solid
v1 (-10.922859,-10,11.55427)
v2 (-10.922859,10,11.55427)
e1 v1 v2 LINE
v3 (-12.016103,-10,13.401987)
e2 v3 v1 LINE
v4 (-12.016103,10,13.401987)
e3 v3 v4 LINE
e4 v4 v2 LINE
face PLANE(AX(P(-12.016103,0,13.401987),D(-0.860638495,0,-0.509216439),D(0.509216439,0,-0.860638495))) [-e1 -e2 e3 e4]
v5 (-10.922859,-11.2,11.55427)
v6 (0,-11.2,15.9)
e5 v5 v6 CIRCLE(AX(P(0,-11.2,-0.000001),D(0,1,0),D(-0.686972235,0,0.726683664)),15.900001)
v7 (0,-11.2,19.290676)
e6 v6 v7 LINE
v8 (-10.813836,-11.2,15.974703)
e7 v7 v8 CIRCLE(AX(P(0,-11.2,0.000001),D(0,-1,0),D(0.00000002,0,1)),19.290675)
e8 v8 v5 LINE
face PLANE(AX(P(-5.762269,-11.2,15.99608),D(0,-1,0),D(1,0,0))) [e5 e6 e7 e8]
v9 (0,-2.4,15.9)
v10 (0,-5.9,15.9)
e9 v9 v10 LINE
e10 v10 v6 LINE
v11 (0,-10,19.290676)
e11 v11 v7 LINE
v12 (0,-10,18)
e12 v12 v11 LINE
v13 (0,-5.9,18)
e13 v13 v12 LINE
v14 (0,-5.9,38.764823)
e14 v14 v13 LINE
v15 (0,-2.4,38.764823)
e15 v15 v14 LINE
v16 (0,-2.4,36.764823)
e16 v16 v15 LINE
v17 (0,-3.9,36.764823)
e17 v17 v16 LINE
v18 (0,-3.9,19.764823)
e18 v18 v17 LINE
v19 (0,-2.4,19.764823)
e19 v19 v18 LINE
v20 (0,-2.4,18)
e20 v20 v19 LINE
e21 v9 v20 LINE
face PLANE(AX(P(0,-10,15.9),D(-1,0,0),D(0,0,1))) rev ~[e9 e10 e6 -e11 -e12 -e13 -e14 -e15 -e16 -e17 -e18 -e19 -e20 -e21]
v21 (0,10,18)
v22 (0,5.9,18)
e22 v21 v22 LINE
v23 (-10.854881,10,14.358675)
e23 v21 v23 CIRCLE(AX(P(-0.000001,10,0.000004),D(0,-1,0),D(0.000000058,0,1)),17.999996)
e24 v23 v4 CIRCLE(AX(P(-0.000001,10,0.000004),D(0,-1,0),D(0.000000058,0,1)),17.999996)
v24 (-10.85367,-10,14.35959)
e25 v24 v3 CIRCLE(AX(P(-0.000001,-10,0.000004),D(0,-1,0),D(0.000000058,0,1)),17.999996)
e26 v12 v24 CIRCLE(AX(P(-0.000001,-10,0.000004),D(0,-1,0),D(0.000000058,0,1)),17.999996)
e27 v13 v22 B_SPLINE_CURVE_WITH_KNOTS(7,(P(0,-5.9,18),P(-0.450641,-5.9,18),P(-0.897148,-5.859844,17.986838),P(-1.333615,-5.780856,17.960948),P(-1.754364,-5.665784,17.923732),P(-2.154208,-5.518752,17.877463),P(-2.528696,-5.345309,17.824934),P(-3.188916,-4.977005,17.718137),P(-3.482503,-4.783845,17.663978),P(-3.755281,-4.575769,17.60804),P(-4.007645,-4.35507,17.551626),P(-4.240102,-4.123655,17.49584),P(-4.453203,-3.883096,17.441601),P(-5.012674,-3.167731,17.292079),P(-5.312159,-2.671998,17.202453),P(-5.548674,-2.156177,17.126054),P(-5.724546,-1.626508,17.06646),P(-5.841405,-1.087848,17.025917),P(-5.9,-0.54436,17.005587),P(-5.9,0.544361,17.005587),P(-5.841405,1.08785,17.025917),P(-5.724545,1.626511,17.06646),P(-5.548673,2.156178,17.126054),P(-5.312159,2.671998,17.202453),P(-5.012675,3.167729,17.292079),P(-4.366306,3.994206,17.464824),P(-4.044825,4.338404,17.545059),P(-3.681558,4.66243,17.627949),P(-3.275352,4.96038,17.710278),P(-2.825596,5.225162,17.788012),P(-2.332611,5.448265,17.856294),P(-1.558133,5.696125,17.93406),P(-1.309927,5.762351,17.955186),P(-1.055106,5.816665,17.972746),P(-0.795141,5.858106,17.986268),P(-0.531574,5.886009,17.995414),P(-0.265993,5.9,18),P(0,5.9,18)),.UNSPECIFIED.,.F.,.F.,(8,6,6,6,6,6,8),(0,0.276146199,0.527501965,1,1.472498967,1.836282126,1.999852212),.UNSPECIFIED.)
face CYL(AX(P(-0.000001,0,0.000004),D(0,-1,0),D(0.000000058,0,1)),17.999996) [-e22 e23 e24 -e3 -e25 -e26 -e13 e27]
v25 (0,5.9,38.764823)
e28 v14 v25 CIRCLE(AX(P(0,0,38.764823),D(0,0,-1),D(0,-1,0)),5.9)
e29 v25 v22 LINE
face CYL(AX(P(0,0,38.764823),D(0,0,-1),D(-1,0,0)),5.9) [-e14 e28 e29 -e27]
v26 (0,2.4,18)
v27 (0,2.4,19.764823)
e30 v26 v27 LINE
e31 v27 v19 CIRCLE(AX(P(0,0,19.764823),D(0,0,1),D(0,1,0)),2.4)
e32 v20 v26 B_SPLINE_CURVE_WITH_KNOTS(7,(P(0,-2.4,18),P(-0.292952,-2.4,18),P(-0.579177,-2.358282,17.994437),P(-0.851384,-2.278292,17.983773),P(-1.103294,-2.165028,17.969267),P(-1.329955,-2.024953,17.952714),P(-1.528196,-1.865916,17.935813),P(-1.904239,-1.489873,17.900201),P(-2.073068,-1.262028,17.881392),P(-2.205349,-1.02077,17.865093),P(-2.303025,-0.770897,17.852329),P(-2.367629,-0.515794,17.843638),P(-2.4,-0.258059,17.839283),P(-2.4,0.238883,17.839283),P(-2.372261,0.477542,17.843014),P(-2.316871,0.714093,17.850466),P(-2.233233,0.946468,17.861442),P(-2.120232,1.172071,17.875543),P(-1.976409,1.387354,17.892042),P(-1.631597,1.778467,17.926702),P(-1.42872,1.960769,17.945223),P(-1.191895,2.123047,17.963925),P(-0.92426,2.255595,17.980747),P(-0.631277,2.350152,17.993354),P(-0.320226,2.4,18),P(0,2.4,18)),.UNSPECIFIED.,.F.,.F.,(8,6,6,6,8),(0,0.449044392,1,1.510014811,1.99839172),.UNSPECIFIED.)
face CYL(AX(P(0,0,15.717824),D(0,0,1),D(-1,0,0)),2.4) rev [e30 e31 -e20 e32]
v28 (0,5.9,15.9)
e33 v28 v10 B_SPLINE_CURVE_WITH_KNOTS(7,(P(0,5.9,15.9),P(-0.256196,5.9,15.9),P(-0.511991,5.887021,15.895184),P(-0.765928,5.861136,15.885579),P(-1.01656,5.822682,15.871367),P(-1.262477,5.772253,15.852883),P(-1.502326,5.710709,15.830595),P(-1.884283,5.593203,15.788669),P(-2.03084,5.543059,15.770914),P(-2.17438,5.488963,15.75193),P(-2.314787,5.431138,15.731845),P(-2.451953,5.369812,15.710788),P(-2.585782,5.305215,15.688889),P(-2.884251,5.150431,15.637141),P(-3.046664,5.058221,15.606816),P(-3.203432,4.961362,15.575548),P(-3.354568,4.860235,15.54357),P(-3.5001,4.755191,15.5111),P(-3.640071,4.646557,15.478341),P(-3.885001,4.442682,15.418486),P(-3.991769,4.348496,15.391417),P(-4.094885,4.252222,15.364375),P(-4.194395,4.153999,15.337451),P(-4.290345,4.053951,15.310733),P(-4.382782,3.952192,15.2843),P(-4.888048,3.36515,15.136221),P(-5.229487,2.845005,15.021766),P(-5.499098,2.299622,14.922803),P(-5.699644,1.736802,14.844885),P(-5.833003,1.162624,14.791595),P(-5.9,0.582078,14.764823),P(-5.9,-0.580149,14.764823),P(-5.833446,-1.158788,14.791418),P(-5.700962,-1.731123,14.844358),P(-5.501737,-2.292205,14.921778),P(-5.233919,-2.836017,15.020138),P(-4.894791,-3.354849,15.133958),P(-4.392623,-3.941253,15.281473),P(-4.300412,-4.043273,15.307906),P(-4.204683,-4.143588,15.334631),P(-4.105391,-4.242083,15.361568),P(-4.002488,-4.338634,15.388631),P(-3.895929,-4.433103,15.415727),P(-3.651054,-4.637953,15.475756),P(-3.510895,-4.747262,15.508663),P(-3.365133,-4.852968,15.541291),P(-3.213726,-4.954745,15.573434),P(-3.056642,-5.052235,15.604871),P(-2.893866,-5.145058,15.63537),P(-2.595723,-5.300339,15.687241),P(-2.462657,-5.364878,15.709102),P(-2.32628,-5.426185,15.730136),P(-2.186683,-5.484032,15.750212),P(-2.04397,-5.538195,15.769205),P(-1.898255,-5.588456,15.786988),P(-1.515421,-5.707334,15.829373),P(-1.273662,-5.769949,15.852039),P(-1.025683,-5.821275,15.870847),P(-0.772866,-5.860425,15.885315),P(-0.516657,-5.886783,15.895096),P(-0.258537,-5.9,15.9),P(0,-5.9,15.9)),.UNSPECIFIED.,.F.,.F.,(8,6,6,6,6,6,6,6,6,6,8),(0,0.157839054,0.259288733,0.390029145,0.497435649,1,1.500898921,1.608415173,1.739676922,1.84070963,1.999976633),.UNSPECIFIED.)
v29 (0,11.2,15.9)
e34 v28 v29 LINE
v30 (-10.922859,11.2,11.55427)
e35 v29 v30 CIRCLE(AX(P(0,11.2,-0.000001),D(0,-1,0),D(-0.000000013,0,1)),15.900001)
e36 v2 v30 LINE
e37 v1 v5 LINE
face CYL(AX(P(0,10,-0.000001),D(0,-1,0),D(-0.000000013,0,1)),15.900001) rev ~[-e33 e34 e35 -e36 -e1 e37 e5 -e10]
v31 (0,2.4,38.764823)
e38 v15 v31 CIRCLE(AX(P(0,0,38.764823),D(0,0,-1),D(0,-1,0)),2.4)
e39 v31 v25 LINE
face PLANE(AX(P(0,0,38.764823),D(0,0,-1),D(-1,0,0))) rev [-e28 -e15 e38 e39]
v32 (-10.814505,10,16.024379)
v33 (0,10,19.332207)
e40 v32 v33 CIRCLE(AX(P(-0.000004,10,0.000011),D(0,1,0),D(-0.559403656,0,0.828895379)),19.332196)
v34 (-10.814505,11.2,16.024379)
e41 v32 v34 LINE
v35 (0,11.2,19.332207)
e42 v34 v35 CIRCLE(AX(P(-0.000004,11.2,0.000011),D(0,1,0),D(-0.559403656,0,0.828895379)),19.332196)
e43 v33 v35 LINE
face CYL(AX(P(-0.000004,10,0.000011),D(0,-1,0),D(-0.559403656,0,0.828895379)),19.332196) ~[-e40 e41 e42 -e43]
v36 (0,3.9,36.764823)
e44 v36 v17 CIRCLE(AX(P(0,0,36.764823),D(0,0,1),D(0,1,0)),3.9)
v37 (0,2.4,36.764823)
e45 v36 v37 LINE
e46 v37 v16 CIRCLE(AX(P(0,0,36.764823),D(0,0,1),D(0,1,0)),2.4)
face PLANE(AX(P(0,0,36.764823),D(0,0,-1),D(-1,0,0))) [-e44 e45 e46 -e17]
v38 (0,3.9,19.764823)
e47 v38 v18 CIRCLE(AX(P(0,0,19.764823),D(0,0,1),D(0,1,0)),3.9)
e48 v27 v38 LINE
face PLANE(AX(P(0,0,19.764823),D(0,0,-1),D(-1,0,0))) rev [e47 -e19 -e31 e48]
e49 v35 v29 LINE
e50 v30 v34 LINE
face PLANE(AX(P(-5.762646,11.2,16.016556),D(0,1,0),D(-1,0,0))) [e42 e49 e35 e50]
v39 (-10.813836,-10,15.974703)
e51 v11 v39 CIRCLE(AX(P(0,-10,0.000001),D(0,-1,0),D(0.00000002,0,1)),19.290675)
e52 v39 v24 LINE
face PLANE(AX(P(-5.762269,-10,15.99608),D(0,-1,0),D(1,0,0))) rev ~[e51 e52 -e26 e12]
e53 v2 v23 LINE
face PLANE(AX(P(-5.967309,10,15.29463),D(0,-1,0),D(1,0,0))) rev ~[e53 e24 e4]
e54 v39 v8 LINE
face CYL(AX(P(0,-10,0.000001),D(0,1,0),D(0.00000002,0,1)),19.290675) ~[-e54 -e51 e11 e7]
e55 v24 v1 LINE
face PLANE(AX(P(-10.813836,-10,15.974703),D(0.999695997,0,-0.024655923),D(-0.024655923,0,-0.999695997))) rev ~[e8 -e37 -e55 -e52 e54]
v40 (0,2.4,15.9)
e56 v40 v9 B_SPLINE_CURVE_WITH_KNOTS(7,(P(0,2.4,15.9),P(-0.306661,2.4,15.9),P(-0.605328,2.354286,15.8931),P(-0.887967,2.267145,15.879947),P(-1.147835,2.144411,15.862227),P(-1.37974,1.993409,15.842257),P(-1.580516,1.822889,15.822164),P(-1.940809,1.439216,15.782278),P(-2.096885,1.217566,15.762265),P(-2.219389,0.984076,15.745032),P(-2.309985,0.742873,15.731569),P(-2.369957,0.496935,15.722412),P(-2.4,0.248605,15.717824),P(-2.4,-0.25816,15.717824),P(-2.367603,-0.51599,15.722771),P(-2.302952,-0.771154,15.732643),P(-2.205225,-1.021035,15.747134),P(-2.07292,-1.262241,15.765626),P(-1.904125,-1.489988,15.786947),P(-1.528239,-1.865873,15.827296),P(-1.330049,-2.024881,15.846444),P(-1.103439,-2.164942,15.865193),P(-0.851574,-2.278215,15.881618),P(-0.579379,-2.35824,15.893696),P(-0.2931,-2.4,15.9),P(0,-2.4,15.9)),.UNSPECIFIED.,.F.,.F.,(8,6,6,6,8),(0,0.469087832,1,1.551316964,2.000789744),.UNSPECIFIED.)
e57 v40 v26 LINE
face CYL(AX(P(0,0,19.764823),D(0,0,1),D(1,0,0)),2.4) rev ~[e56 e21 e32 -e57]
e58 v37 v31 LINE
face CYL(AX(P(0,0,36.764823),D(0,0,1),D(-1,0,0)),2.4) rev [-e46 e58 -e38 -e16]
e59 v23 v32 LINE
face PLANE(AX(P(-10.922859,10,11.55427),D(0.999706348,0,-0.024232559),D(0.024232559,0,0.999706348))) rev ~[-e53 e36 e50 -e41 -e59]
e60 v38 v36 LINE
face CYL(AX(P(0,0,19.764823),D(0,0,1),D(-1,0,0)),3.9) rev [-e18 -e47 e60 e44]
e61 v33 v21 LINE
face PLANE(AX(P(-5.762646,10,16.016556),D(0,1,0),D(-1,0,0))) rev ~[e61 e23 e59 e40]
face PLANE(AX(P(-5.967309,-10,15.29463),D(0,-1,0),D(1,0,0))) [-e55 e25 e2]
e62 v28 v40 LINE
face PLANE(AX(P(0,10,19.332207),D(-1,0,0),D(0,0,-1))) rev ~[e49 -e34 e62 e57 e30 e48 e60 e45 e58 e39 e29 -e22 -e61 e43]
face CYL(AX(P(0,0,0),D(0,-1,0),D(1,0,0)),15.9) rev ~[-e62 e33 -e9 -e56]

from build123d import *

# Parameters (mm, degrees)
F1_ANGLE  = 180
F3_DEPTH  = 10
F4_R      = 15.9
F5_DEPTH  = 12.5
F6_R      = 2.4
F7_DEPTH  = 8.211553
F9_DEPTH  = 1.2
F11_DEPTH = 1.2


with BuildPart() as f1:
    # F0 (on Front) → F1 (revolve, symmetric)
    with BuildSketch(Plane.XZ) as f1_sk:
        Polygon((-5.9, 14.764823), (-2.4, 15.717824), (-2.4, 19.764823), (-3.9, 19.764823), (-3.9, 36.764823), (-2.4, 36.764823), (-2.4, 38.764823), (-5.9, 38.764823), align=None)
    revolve(axis=Axis((0, 0, 26.233703), (0, 0, 1)), revolution_arc=F1_ANGLE / 2)
    revolve(f1_sk.sketch, axis=Axis((0, 0, 26.233703), (0, 0, -1)), revolution_arc=F1_ANGLE / 2)

    # F2 (on Front) → F3 (join, symmetric)
    with BuildSketch(Plane.XZ):
        with BuildLine():
            ThreePointArc((-10.922859, 11.55427), (-5.877802, 14.773674), (0, 15.9))
            Line((0, 15.9), (0, 18))
            ThreePointArc((0, 18), (-6.432893, 16.811243), (-12.016103, 13.401987))
            Line((-12.016103, 13.401987), (-10.922859, 11.55427))
        make_face()
    extrude(amount=F3_DEPTH, both=True)

    # F4 (on Front) → F5 (cut, symmetric)
    with BuildSketch(Plane.XZ):
        Circle(F4_R)
    extrude(amount=F5_DEPTH, both=True, mode=Mode.SUBTRACT)

    # F6 (on face) → F7 (cut, through all)
    with BuildSketch(Plane.XY.offset(19.764823)):
        Circle(F6_R)
    extrude(amount=-F7_DEPTH, mode=Mode.SUBTRACT)

    # F8 (on face) → F9 (join)
    with BuildSketch(Plane.XZ.offset(10)):
        with BuildLine():
            ThreePointArc((-10.922859, 11.55427), (-5.877802, 14.773674), (0, 15.9))
            Line((0, 15.9), (0, 19.290676))
            ThreePointArc((0, 19.290676), (-5.655412, 18.443061), (-10.813836, 15.974703))
            Line((-10.813836, 15.974703), (-10.922859, 11.55427))
        make_face()
    extrude(amount=F9_DEPTH)

    # F10 (on face) → F11 (join)
    with BuildSketch(Plane(origin=(0, 10, 0), x_dir=(-1, 0, 0), z_dir=(0, 1, 0))):
        with BuildLine():
            Line((0, 19.332207), (0, 15.9))
            ThreePointArc((0, 15.9), (5.877802, 14.773674), (10.922859, 11.55427))
            Line((10.922859, 11.55427), (10.814505, 16.024379))
            ThreePointArc((10.814505, 16.024379), (5.654539, 18.486764), (0, 19.332207))
        make_face()
    extrude(amount=F11_DEPTH)


solid = f1.part
